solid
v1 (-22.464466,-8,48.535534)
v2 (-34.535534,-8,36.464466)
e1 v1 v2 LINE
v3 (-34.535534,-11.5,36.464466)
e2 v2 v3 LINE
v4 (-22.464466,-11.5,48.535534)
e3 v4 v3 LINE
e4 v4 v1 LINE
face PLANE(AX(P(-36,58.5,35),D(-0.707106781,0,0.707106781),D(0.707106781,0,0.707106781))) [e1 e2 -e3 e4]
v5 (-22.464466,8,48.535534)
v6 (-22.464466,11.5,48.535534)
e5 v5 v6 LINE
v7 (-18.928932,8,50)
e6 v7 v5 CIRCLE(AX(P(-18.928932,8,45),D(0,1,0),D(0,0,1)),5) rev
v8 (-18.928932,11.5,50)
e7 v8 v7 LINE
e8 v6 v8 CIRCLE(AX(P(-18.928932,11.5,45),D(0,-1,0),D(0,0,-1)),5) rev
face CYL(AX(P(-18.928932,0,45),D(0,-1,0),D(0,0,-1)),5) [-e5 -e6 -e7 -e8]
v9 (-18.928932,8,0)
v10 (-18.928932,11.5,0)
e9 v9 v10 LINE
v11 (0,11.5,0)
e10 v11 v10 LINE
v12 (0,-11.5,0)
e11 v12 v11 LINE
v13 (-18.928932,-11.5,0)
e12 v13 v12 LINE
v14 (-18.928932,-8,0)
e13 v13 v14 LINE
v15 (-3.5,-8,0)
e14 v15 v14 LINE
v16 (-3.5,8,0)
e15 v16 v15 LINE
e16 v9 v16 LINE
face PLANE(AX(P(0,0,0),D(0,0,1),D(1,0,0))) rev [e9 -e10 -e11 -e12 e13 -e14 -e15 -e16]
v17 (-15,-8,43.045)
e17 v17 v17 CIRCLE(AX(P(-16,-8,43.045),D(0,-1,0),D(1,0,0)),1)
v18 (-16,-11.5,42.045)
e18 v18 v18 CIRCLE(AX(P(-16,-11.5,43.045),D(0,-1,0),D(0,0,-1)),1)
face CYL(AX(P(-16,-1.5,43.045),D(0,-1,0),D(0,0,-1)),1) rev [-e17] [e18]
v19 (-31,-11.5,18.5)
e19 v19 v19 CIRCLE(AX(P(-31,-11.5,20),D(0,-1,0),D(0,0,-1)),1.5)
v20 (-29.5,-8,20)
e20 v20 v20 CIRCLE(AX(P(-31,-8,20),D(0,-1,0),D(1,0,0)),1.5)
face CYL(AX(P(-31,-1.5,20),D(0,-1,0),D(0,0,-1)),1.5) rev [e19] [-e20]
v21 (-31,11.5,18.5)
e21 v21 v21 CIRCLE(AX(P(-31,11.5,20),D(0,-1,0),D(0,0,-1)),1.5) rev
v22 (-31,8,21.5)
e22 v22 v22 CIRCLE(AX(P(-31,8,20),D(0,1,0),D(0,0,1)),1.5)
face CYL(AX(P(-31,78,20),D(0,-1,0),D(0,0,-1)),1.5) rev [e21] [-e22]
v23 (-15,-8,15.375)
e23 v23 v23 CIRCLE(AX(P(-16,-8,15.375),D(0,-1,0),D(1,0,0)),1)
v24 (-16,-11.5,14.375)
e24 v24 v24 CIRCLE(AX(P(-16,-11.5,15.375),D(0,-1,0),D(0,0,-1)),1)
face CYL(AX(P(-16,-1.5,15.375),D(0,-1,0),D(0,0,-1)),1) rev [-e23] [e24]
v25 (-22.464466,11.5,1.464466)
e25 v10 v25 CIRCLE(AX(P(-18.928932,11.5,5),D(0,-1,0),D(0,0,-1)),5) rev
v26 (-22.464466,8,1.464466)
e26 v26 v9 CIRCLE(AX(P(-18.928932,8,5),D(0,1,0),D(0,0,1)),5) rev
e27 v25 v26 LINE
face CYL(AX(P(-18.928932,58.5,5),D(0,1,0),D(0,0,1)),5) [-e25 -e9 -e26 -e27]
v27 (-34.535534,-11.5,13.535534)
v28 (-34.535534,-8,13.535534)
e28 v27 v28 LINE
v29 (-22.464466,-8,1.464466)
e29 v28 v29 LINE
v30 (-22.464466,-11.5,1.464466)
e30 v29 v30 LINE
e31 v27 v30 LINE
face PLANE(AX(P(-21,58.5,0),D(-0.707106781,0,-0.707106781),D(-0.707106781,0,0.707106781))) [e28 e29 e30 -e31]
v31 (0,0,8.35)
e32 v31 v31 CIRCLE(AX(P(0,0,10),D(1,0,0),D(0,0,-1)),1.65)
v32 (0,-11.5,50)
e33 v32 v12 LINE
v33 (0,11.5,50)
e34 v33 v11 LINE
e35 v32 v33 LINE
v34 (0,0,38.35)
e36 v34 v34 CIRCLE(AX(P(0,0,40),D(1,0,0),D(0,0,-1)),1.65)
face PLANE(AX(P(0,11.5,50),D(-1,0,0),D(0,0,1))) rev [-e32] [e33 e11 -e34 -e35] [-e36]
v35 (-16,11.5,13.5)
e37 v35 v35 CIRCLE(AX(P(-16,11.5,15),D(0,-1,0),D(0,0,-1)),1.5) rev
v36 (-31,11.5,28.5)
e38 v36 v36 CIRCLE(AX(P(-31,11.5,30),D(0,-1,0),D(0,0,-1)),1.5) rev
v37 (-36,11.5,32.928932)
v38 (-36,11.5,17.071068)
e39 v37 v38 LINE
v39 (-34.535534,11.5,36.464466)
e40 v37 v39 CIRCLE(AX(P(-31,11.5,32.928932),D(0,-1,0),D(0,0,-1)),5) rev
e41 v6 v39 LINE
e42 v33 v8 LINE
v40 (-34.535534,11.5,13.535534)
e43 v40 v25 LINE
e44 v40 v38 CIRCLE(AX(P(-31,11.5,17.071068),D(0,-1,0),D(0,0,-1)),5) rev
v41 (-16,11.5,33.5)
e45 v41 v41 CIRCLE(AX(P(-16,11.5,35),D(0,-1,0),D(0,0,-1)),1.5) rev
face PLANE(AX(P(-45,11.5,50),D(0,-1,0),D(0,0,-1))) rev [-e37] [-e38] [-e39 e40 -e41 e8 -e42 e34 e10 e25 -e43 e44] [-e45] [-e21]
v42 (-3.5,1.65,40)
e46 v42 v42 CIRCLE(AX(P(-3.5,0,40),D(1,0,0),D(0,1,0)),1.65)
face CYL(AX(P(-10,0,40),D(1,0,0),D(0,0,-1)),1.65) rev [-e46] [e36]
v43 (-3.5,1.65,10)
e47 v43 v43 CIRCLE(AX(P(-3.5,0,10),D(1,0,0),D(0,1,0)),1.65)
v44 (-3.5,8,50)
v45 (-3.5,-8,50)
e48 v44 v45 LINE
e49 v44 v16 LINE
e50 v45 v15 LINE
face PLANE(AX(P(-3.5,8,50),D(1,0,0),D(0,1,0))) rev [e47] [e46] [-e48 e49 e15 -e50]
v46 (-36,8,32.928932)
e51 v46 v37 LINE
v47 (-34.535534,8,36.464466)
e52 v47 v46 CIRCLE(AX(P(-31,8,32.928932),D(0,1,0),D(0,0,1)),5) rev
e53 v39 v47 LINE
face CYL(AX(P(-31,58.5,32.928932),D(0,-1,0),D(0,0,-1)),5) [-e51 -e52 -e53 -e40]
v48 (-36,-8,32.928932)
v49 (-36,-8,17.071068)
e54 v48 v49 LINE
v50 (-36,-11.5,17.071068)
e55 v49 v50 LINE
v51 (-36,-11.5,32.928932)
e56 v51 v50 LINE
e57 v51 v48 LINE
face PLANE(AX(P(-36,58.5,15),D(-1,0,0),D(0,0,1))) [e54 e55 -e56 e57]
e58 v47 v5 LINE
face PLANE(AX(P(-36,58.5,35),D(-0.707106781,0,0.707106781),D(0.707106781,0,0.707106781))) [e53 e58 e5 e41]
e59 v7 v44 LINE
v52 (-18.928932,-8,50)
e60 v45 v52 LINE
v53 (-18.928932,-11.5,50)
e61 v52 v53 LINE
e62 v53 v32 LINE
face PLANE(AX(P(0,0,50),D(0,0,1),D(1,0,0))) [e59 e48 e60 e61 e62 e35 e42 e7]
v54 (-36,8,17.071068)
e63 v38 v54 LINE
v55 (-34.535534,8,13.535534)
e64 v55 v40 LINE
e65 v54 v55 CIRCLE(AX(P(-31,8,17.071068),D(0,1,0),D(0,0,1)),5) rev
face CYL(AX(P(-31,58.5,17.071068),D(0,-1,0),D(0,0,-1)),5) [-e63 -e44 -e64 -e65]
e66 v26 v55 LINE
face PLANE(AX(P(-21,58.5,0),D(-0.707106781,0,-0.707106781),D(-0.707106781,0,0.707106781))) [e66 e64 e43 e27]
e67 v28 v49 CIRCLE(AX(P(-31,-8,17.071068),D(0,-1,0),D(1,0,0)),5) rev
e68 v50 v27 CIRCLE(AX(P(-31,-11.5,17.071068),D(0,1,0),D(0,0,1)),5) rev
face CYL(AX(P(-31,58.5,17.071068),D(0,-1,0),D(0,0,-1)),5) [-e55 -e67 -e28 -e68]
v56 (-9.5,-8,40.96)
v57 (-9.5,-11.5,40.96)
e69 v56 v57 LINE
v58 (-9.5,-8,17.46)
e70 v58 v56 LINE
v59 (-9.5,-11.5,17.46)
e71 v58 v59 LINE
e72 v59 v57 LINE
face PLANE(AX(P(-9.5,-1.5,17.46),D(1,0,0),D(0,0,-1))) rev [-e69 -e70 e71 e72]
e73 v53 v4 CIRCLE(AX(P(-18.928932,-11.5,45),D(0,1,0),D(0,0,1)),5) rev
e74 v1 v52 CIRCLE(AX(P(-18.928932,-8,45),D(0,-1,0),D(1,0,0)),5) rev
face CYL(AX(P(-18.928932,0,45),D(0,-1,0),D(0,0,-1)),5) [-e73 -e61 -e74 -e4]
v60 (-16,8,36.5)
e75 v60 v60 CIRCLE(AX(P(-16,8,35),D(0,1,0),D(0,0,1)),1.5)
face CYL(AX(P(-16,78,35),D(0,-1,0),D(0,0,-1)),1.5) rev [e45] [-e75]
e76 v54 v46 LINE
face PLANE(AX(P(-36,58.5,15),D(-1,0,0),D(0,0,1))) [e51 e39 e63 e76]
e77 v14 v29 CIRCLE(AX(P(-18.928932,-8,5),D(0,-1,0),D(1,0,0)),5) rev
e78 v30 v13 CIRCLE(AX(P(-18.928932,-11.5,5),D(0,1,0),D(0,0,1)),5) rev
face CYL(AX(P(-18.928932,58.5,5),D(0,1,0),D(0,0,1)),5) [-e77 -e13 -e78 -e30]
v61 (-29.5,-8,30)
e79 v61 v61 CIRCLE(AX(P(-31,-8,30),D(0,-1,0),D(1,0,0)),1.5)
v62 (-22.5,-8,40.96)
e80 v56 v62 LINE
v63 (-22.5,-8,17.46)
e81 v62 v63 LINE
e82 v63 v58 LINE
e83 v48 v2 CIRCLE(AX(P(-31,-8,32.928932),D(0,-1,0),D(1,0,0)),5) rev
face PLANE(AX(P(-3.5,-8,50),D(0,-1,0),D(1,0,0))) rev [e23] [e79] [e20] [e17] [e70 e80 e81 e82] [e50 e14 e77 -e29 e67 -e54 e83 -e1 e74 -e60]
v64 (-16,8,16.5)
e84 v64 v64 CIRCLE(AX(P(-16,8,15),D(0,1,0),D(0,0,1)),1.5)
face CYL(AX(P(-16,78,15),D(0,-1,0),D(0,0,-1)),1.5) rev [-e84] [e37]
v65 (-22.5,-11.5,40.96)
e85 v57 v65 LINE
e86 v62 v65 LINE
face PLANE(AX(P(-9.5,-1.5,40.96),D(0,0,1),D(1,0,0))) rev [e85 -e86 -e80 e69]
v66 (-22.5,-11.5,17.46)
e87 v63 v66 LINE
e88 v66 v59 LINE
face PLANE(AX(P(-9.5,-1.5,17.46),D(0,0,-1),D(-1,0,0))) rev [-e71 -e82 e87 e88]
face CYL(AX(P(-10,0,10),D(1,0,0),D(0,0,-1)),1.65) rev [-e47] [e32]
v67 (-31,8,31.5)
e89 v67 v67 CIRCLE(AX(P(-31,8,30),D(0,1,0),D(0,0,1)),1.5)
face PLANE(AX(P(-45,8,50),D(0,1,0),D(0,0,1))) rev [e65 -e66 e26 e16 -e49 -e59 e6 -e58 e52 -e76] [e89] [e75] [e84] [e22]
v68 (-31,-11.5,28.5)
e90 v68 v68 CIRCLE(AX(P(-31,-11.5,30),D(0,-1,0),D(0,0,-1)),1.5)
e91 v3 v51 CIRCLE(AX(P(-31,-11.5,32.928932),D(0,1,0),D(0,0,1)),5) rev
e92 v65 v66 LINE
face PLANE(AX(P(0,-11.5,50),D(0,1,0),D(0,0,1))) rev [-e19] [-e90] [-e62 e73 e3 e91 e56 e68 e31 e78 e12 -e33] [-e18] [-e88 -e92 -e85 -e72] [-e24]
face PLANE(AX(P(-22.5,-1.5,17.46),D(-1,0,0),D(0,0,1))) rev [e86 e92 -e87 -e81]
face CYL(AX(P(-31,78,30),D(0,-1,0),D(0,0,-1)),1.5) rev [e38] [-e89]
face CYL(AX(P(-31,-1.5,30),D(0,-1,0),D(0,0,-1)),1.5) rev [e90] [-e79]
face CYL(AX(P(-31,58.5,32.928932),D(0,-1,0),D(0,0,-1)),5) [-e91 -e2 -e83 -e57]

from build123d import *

# Parameters (mm, degrees)
EXTRUDE_1_DEPTH     = 50
CUT_EXTRUDE_START   = -19.5
SKETCH_2_R          = 1.5
CUT_EXTRUDE_1_DEPTH = 70
SKETCH_3_OUTSIDE_W  = 61.218
SKETCH_3_OUTSIDE_H  = 66.218
CUT_EXTRUDE_2_DEPTH = 70
SKETCH_2_3_R        = 1.5
CUT_EXTRUDE_4_DEPTH = 10
SKETCH_5_R          = 1
CUT_EXTRUDE_5_DEPTH = 10
FILLET_1_R          = 5
SKETCH_6_W          = 13
SKETCH_6_H          = 23.5
CUT_EXTRUDE_6_DEPTH = 10
SKETCH_7_R          = 1.65
CUT_EXTRUDE_7_DEPTH = 10


with BuildPart() as part:
    # Sketch 1 → Extrude 1 (new body)
    with BuildSketch(Plane.XY):
        Polygon((-45, 11.5), (0, 11.5), (0, -11.5), (-45, -11.5), (-45, -8), (-3.5, -8), (-3.5, 8), (-45, 8), align=None)
    extrude(amount=EXTRUDE_1_DEPTH)

    # Sketch 2 → Cut-Extrude 1 (cut)
    with BuildSketch(Plane.XZ.offset(11.5).offset(CUT_EXTRUDE_START)):
        with Locations((-16, 35)):
            Circle(SKETCH_2_R)
        with Locations((-16, 15)):
            Circle(SKETCH_2_R)
        with Locations((-31, 30)):
            Circle(SKETCH_2_R)
        with Locations((-31, 20)):
            Circle(SKETCH_2_R)
    extrude(amount=-CUT_EXTRUDE_1_DEPTH, mode=Mode.SUBTRACT)

    # Sketch 3 outside → Cut-Extrude 2 (cut)
    with BuildSketch(Plane.XZ.offset(11.5)):
        with Locations((-22.5, 25)):
            Rectangle(SKETCH_3_OUTSIDE_W, SKETCH_3_OUTSIDE_H)
        Polygon((-21, 0), (-36, 15), (-36, 35), (-21, 50), (0, 50), (0, 0), align=None, mode=Mode.SUBTRACT)
    extrude(amount=-CUT_EXTRUDE_2_DEPTH, mode=Mode.SUBTRACT)

    # Sketch 2_3 → Cut-Extrude 4 (cut)
    with BuildSketch(Plane.XZ.offset(11.5)):
        with Locations((-31, 30)):
            Circle(SKETCH_2_3_R)
        with Locations((-31, 20)):
            Circle(SKETCH_2_3_R)
    extrude(amount=-CUT_EXTRUDE_4_DEPTH, mode=Mode.SUBTRACT)

    # Sketch 5 → Cut-Extrude 5 (cut)
    with BuildSketch(Plane.XZ.offset(11.5)):
        with Locations((-16, 43.045)):
            Circle(SKETCH_5_R)
        with Locations((-16, 15.375)):
            Circle(SKETCH_5_R)
    extrude(amount=-CUT_EXTRUDE_5_DEPTH, mode=Mode.SUBTRACT)

    # Fillet 1
    fillet_1_edges = [part.edges().sort_by_distance(p)[0] for p in [
        (-21, -9.75, 0),
        (-21, 9.75, 0),
        (-21, -9.75, 50),
        (-21, 9.75, 50),
        (-36, 9.75, 35),
        (-36, -9.75, 35),
        (-36, 9.75, 15),
        (-36, -9.75, 15),
    ]]
    fillet(fillet_1_edges, radius=FILLET_1_R)

    # Sketch 6 → Cut-Extrude 6 (cut)
    with BuildSketch(Plane.XZ.offset(11.5)):
        with Locations((-16, 29.21)):
            Rectangle(SKETCH_6_W, SKETCH_6_H)
    extrude(amount=-CUT_EXTRUDE_6_DEPTH, mode=Mode.SUBTRACT)

    # Sketch 7 → Cut-Extrude 7 (cut)
    with BuildSketch(Plane(origin=(0, 0, 0), x_dir=(0, 0, -1), z_dir=(1, 0, 0))):
        with Locations((-10, 0)):
            Circle(SKETCH_7_R)
        with Locations((-40, 0)):
            Circle(SKETCH_7_R)
    extrude(amount=-CUT_EXTRUDE_7_DEPTH, mode=Mode.SUBTRACT)


solid = part.part
